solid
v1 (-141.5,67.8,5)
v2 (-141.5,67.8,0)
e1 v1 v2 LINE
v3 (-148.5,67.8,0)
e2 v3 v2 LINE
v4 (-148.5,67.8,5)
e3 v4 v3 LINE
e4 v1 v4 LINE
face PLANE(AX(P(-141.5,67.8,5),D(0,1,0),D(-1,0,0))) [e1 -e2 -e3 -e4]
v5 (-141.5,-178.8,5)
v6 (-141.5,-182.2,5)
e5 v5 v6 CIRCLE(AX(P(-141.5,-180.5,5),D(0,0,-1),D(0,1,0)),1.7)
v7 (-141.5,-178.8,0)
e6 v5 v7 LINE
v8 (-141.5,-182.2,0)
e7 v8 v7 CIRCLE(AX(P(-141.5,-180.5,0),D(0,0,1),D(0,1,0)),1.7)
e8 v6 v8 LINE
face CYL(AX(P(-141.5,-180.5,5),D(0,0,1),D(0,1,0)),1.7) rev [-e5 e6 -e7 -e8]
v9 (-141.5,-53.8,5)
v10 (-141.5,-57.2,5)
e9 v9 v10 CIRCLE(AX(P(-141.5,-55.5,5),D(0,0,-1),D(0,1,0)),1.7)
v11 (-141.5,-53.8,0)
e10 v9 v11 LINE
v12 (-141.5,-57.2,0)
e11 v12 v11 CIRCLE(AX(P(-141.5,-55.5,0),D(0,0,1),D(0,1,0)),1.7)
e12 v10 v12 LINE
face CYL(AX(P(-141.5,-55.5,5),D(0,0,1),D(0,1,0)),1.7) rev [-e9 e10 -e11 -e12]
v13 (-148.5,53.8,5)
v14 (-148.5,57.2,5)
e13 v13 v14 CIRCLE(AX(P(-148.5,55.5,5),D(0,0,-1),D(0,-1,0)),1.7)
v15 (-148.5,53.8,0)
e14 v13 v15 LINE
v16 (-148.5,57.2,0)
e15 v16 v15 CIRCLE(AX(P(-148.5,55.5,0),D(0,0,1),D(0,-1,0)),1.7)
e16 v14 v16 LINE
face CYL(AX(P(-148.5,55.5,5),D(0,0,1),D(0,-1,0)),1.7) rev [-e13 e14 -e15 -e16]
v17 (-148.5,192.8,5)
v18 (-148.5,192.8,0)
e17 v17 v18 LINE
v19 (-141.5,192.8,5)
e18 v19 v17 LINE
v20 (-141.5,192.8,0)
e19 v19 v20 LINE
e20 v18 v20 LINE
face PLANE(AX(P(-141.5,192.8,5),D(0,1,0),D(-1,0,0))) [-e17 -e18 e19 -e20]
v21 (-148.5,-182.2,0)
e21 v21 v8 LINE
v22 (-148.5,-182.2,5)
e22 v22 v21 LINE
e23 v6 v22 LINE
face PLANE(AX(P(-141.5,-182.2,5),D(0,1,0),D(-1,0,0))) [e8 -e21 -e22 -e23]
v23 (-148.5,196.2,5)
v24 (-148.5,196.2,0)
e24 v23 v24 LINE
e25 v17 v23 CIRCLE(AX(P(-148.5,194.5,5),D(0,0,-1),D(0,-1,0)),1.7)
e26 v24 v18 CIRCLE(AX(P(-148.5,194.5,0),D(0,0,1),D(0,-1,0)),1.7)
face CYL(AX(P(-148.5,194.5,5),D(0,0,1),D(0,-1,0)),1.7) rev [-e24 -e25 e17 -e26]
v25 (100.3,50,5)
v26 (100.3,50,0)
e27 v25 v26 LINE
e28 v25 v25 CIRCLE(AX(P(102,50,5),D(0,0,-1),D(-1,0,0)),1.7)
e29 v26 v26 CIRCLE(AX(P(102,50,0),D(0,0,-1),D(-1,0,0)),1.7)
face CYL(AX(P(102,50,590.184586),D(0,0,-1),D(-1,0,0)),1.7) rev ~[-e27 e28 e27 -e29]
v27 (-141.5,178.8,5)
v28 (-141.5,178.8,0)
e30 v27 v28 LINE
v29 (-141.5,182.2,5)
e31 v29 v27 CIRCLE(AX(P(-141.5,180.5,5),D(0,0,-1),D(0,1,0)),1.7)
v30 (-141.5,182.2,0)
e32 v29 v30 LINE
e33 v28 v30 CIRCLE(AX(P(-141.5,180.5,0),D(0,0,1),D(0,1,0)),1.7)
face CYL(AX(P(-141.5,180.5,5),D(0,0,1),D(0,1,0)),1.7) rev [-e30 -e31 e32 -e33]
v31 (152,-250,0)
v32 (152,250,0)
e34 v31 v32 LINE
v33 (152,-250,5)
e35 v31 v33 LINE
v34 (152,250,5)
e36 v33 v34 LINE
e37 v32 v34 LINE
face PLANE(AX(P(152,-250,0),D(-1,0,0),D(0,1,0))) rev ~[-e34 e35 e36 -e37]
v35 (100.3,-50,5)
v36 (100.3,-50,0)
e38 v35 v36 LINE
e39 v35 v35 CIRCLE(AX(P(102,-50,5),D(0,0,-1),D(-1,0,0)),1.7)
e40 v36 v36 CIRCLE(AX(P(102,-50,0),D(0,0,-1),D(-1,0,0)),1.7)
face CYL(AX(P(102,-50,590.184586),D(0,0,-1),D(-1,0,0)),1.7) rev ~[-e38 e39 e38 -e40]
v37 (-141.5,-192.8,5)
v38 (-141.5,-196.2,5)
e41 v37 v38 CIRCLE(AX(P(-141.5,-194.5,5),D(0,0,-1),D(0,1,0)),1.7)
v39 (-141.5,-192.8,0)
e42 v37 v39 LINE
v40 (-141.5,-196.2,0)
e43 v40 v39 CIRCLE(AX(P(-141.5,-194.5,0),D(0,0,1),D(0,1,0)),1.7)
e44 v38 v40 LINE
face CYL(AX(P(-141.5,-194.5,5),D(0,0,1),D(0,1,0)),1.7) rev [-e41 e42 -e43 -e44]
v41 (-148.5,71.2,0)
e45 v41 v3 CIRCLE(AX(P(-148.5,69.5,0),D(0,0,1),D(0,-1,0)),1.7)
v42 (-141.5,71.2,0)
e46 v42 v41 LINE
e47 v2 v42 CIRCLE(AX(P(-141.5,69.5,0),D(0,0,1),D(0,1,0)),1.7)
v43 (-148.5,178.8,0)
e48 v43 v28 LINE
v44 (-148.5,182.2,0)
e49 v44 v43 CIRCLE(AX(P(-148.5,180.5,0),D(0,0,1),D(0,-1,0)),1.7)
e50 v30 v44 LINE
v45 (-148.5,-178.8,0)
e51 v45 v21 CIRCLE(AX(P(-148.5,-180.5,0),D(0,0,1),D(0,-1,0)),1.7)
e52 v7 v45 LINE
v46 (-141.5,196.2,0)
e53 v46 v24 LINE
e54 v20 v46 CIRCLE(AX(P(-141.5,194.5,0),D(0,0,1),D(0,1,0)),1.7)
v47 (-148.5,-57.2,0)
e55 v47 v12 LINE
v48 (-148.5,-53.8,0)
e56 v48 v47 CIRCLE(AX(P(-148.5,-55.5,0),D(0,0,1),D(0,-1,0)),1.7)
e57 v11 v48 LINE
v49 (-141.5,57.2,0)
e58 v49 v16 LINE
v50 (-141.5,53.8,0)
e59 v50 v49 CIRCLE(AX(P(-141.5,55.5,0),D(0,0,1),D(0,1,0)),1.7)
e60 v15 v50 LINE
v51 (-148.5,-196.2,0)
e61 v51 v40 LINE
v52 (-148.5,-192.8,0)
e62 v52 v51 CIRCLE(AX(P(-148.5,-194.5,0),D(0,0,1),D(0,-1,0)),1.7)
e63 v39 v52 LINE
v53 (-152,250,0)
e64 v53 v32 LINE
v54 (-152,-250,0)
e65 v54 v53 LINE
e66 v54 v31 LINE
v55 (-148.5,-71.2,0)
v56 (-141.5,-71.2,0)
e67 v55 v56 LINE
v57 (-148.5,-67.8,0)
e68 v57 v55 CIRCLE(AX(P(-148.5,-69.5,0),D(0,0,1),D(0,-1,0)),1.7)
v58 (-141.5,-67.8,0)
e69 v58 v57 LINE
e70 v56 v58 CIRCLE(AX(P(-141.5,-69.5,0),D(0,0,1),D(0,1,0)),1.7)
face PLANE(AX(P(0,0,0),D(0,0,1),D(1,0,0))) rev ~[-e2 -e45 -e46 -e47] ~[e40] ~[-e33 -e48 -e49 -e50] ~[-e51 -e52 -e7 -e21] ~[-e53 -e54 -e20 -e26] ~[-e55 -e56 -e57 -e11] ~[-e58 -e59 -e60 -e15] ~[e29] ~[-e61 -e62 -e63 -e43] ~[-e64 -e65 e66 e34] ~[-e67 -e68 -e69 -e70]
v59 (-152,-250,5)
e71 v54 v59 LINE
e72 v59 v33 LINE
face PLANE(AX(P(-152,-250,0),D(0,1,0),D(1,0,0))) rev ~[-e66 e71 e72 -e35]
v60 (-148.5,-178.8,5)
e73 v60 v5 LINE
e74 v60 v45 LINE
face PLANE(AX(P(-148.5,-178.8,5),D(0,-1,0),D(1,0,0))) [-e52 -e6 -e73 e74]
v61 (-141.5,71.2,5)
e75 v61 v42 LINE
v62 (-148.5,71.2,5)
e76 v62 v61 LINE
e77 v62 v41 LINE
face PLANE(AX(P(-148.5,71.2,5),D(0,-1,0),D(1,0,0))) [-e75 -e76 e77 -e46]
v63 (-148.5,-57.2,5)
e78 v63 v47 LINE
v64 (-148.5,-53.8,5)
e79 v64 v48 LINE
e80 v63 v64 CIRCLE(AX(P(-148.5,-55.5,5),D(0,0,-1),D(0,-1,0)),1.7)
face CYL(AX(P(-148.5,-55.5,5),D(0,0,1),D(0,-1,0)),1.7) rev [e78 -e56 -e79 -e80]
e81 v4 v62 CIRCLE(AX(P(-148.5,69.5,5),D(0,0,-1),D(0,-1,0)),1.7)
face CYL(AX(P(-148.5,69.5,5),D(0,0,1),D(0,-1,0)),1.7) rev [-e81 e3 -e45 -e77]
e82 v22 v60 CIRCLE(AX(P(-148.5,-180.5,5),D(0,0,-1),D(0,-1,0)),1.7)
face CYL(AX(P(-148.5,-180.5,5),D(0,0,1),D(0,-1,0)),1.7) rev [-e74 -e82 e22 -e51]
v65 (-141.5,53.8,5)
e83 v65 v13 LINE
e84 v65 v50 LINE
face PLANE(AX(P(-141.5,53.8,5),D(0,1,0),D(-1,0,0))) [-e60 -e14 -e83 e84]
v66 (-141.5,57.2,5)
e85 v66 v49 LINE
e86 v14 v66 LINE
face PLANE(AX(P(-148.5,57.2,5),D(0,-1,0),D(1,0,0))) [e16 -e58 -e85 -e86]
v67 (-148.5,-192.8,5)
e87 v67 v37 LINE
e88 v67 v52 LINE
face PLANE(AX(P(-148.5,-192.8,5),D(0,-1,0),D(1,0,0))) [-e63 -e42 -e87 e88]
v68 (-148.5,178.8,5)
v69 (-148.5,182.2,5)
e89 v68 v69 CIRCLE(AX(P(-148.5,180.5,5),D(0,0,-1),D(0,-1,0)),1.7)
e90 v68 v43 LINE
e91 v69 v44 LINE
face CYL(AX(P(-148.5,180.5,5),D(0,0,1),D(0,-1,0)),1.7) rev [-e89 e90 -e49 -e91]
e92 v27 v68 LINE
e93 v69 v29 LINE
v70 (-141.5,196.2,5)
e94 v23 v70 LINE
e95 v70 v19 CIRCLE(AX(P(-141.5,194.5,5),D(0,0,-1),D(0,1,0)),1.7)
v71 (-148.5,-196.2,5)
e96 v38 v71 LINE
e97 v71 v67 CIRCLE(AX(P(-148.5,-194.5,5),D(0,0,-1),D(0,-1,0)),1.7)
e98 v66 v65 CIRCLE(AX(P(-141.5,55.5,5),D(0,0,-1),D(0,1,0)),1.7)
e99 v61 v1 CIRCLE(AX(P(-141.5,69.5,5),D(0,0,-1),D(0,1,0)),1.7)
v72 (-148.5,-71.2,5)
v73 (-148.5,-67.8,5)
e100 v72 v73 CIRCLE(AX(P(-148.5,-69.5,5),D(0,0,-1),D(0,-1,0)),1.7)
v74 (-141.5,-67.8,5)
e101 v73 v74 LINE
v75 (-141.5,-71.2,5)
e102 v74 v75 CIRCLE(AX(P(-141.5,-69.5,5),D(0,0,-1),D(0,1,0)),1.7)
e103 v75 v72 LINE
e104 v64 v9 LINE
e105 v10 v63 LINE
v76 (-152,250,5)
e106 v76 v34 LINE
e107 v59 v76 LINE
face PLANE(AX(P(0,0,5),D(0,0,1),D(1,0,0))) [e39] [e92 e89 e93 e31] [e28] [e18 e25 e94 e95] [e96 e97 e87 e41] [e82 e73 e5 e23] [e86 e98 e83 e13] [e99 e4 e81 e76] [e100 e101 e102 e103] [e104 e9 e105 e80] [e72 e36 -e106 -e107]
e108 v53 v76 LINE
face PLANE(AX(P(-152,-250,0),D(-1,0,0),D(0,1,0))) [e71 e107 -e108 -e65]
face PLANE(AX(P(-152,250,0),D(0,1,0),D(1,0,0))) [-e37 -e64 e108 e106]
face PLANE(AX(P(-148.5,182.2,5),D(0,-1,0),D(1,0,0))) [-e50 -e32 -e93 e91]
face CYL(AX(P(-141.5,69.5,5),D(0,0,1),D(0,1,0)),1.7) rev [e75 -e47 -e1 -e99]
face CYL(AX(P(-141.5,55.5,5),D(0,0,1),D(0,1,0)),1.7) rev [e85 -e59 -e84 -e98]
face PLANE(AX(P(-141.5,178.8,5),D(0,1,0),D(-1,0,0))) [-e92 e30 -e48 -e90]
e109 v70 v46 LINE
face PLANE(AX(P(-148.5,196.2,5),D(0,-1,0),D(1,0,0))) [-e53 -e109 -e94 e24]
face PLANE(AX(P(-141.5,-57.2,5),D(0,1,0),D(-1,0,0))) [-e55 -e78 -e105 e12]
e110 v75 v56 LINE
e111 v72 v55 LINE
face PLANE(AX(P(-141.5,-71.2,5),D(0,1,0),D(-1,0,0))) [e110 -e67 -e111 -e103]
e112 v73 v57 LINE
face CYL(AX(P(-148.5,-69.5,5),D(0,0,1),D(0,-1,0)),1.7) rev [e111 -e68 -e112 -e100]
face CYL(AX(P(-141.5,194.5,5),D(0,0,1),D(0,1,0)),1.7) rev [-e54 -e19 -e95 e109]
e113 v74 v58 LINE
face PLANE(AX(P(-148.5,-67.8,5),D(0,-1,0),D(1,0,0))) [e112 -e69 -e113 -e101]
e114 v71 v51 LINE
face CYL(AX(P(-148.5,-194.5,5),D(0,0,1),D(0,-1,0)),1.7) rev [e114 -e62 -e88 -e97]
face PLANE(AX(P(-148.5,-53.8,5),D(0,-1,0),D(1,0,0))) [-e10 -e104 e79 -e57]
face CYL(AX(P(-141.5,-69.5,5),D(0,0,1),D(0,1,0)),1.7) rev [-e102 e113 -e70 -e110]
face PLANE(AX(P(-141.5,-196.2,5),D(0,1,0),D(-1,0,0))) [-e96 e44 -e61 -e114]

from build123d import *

# Parameters (mm, degrees)
ESQUISSE1_W             = 304
ESQUISSE1_H             = 500
BOSS_EXTRU_1_DEPTH      = 5
D_GAGEMENT_M34_D        = 3.4
ENL_V_MAT_EXTRU_3_REACH = 294.624


with BuildPart() as part:
    # Esquisse1 → Boss.-Extru.1 (new body)
    with BuildSketch(Plane.XY):
        Rectangle(ESQUISSE1_W, ESQUISSE1_H)
    extrude(amount=BOSS_EXTRU_1_DEPTH)

    # Dégagement M34 (through all)
    with Locations(Plane.XY.offset(5)):
        with Locations((102, -50), (102, 50)):
            Hole(D_GAGEMENT_M34_D / 2)

    # Esquisse15 → Enlèv. mat.-Extru.3 (cut, up to next)
    with BuildSketch(Plane.XY.offset(5), mode=Mode.PRIVATE) as enl_v_mat_extru_3_sk1:
        with BuildLine():
            Line((-148.5, -192.8), (-141.5, -192.8))
            ThreePointArc((-141.5, -192.8), (-139.8, -194.5), (-141.5, -196.2))
            Line((-141.5, -196.2), (-148.5, -196.2))
            ThreePointArc((-148.5, -196.2), (-150.2, -194.5), (-148.5, -192.8))
        make_face()
    enl_v_mat_extru_3_tool1 = extrude(enl_v_mat_extru_3_sk1.sketch, amount=-ENL_V_MAT_EXTRU_3_REACH, mode=Mode.PRIVATE) & part.part
    # Esquisse15 → Enlèv. mat.-Extru.3 (cut, up to next)
    with BuildSketch(Plane.XY.offset(5), mode=Mode.PRIVATE) as enl_v_mat_extru_3_sk2:
        with BuildLine():
            Line((-141.5, -182.2), (-148.5, -182.2))
            ThreePointArc((-148.5, -182.2), (-150.2, -180.5), (-148.5, -178.8))
            Line((-148.5, -178.8), (-141.5, -178.8))
            ThreePointArc((-141.5, -178.8), (-139.8, -180.5), (-141.5, -182.2))
        make_face()
    enl_v_mat_extru_3_tool2 = extrude(enl_v_mat_extru_3_sk2.sketch, amount=-ENL_V_MAT_EXTRU_3_REACH, mode=Mode.PRIVATE) & part.part
    # Esquisse15 → Enlèv. mat.-Extru.3 (cut, up to next)
    with BuildSketch(Plane.XY.offset(5), mode=Mode.PRIVATE) as enl_v_mat_extru_3_sk3:
        with BuildLine():
            Line((-148.5, -67.8), (-141.5, -67.8))
            ThreePointArc((-141.5, -67.8), (-139.8, -69.5), (-141.5, -71.2))
            Line((-141.5, -71.2), (-148.5, -71.2))
            ThreePointArc((-148.5, -71.2), (-150.2, -69.5), (-148.5, -67.8))
        make_face()
    enl_v_mat_extru_3_tool3 = extrude(enl_v_mat_extru_3_sk3.sketch, amount=-ENL_V_MAT_EXTRU_3_REACH, mode=Mode.PRIVATE) & part.part
    # Esquisse15 → Enlèv. mat.-Extru.3 (cut, up to next)
    with BuildSketch(Plane.XY.offset(5), mode=Mode.PRIVATE) as enl_v_mat_extru_3_sk4:
        with BuildLine():
            Line((-141.5, -57.2), (-148.5, -57.2))
            ThreePointArc((-148.5, -57.2), (-150.2, -55.5), (-148.5, -53.8))
            Line((-148.5, -53.8), (-141.5, -53.8))
            ThreePointArc((-141.5, -53.8), (-139.8, -55.5), (-141.5, -57.2))
        make_face()
    enl_v_mat_extru_3_tool4 = extrude(enl_v_mat_extru_3_sk4.sketch, amount=-ENL_V_MAT_EXTRU_3_REACH, mode=Mode.PRIVATE) & part.part
    # Esquisse15 → Enlèv. mat.-Extru.3 (cut, up to next)
    with BuildSketch(Plane.XY.offset(5), mode=Mode.PRIVATE) as enl_v_mat_extru_3_sk5:
        with BuildLine():
            Line((-148.5, 57.2), (-141.5, 57.2))
            ThreePointArc((-141.5, 57.2), (-139.8, 55.5), (-141.5, 53.8))
            Line((-141.5, 53.8), (-148.5, 53.8))
            ThreePointArc((-148.5, 53.8), (-150.2, 55.5), (-148.5, 57.2))
        make_face()
    enl_v_mat_extru_3_tool5 = extrude(enl_v_mat_extru_3_sk5.sketch, amount=-ENL_V_MAT_EXTRU_3_REACH, mode=Mode.PRIVATE) & part.part
    # Esquisse15 → Enlèv. mat.-Extru.3 (cut, up to next)
    with BuildSketch(Plane.XY.offset(5), mode=Mode.PRIVATE) as enl_v_mat_extru_3_sk6:
        with BuildLine():
            Line((-141.5, 67.8), (-148.5, 67.8))
            ThreePointArc((-148.5, 67.8), (-150.2, 69.5), (-148.5, 71.2))
            Line((-148.5, 71.2), (-141.5, 71.2))
            ThreePointArc((-141.5, 71.2), (-139.8, 69.5), (-141.5, 67.8))
        make_face()
    enl_v_mat_extru_3_tool6 = extrude(enl_v_mat_extru_3_sk6.sketch, amount=-ENL_V_MAT_EXTRU_3_REACH, mode=Mode.PRIVATE) & part.part
    # Esquisse15 → Enlèv. mat.-Extru.3 (cut, up to next)
    with BuildSketch(Plane.XY.offset(5), mode=Mode.PRIVATE) as enl_v_mat_extru_3_sk7:
        with BuildLine():
            Line((-148.5, 182.2), (-141.5, 182.2))
            ThreePointArc((-141.5, 182.2), (-139.8, 180.5), (-141.5, 178.8))
            Line((-141.5, 178.8), (-148.5, 178.8))
            ThreePointArc((-148.5, 178.8), (-150.2, 180.5), (-148.5, 182.2))
        make_face()
    enl_v_mat_extru_3_tool7 = extrude(enl_v_mat_extru_3_sk7.sketch, amount=-ENL_V_MAT_EXTRU_3_REACH, mode=Mode.PRIVATE) & part.part
    # Esquisse15 → Enlèv. mat.-Extru.3 (cut, up to next)
    with BuildSketch(Plane.XY.offset(5), mode=Mode.PRIVATE) as enl_v_mat_extru_3_sk8:
        with BuildLine():
            Line((-141.5, 192.8), (-148.5, 192.8))
            ThreePointArc((-148.5, 192.8), (-150.2, 194.5), (-148.5, 196.2))
            Line((-148.5, 196.2), (-141.5, 196.2))
            ThreePointArc((-141.5, 196.2), (-139.8, 194.5), (-141.5, 192.8))
        make_face()
    enl_v_mat_extru_3_tool8 = extrude(enl_v_mat_extru_3_sk8.sketch, amount=-ENL_V_MAT_EXTRU_3_REACH, mode=Mode.PRIVATE) & part.part
    add(enl_v_mat_extru_3_tool1.solids().sort_by_distance((-145, -194.5, 5))[0], mode=Mode.SUBTRACT)
    add(enl_v_mat_extru_3_tool2.solids().sort_by_distance((-145, -180.5, 5))[0], mode=Mode.SUBTRACT)
    add(enl_v_mat_extru_3_tool3.solids().sort_by_distance((-145, -69.5, 5))[0], mode=Mode.SUBTRACT)
    add(enl_v_mat_extru_3_tool4.solids().sort_by_distance((-145, -55.5, 5))[0], mode=Mode.SUBTRACT)
    add(enl_v_mat_extru_3_tool5.solids().sort_by_distance((-145, 55.5, 5))[0], mode=Mode.SUBTRACT)
    add(enl_v_mat_extru_3_tool6.solids().sort_by_distance((-145, 69.5, 5))[0], mode=Mode.SUBTRACT)
    add(enl_v_mat_extru_3_tool7.solids().sort_by_distance((-145, 180.5, 5))[0], mode=Mode.SUBTRACT)
    add(enl_v_mat_extru_3_tool8.solids().sort_by_distance((-145, 194.5, 5))[0], mode=Mode.SUBTRACT)


solid = part.part
